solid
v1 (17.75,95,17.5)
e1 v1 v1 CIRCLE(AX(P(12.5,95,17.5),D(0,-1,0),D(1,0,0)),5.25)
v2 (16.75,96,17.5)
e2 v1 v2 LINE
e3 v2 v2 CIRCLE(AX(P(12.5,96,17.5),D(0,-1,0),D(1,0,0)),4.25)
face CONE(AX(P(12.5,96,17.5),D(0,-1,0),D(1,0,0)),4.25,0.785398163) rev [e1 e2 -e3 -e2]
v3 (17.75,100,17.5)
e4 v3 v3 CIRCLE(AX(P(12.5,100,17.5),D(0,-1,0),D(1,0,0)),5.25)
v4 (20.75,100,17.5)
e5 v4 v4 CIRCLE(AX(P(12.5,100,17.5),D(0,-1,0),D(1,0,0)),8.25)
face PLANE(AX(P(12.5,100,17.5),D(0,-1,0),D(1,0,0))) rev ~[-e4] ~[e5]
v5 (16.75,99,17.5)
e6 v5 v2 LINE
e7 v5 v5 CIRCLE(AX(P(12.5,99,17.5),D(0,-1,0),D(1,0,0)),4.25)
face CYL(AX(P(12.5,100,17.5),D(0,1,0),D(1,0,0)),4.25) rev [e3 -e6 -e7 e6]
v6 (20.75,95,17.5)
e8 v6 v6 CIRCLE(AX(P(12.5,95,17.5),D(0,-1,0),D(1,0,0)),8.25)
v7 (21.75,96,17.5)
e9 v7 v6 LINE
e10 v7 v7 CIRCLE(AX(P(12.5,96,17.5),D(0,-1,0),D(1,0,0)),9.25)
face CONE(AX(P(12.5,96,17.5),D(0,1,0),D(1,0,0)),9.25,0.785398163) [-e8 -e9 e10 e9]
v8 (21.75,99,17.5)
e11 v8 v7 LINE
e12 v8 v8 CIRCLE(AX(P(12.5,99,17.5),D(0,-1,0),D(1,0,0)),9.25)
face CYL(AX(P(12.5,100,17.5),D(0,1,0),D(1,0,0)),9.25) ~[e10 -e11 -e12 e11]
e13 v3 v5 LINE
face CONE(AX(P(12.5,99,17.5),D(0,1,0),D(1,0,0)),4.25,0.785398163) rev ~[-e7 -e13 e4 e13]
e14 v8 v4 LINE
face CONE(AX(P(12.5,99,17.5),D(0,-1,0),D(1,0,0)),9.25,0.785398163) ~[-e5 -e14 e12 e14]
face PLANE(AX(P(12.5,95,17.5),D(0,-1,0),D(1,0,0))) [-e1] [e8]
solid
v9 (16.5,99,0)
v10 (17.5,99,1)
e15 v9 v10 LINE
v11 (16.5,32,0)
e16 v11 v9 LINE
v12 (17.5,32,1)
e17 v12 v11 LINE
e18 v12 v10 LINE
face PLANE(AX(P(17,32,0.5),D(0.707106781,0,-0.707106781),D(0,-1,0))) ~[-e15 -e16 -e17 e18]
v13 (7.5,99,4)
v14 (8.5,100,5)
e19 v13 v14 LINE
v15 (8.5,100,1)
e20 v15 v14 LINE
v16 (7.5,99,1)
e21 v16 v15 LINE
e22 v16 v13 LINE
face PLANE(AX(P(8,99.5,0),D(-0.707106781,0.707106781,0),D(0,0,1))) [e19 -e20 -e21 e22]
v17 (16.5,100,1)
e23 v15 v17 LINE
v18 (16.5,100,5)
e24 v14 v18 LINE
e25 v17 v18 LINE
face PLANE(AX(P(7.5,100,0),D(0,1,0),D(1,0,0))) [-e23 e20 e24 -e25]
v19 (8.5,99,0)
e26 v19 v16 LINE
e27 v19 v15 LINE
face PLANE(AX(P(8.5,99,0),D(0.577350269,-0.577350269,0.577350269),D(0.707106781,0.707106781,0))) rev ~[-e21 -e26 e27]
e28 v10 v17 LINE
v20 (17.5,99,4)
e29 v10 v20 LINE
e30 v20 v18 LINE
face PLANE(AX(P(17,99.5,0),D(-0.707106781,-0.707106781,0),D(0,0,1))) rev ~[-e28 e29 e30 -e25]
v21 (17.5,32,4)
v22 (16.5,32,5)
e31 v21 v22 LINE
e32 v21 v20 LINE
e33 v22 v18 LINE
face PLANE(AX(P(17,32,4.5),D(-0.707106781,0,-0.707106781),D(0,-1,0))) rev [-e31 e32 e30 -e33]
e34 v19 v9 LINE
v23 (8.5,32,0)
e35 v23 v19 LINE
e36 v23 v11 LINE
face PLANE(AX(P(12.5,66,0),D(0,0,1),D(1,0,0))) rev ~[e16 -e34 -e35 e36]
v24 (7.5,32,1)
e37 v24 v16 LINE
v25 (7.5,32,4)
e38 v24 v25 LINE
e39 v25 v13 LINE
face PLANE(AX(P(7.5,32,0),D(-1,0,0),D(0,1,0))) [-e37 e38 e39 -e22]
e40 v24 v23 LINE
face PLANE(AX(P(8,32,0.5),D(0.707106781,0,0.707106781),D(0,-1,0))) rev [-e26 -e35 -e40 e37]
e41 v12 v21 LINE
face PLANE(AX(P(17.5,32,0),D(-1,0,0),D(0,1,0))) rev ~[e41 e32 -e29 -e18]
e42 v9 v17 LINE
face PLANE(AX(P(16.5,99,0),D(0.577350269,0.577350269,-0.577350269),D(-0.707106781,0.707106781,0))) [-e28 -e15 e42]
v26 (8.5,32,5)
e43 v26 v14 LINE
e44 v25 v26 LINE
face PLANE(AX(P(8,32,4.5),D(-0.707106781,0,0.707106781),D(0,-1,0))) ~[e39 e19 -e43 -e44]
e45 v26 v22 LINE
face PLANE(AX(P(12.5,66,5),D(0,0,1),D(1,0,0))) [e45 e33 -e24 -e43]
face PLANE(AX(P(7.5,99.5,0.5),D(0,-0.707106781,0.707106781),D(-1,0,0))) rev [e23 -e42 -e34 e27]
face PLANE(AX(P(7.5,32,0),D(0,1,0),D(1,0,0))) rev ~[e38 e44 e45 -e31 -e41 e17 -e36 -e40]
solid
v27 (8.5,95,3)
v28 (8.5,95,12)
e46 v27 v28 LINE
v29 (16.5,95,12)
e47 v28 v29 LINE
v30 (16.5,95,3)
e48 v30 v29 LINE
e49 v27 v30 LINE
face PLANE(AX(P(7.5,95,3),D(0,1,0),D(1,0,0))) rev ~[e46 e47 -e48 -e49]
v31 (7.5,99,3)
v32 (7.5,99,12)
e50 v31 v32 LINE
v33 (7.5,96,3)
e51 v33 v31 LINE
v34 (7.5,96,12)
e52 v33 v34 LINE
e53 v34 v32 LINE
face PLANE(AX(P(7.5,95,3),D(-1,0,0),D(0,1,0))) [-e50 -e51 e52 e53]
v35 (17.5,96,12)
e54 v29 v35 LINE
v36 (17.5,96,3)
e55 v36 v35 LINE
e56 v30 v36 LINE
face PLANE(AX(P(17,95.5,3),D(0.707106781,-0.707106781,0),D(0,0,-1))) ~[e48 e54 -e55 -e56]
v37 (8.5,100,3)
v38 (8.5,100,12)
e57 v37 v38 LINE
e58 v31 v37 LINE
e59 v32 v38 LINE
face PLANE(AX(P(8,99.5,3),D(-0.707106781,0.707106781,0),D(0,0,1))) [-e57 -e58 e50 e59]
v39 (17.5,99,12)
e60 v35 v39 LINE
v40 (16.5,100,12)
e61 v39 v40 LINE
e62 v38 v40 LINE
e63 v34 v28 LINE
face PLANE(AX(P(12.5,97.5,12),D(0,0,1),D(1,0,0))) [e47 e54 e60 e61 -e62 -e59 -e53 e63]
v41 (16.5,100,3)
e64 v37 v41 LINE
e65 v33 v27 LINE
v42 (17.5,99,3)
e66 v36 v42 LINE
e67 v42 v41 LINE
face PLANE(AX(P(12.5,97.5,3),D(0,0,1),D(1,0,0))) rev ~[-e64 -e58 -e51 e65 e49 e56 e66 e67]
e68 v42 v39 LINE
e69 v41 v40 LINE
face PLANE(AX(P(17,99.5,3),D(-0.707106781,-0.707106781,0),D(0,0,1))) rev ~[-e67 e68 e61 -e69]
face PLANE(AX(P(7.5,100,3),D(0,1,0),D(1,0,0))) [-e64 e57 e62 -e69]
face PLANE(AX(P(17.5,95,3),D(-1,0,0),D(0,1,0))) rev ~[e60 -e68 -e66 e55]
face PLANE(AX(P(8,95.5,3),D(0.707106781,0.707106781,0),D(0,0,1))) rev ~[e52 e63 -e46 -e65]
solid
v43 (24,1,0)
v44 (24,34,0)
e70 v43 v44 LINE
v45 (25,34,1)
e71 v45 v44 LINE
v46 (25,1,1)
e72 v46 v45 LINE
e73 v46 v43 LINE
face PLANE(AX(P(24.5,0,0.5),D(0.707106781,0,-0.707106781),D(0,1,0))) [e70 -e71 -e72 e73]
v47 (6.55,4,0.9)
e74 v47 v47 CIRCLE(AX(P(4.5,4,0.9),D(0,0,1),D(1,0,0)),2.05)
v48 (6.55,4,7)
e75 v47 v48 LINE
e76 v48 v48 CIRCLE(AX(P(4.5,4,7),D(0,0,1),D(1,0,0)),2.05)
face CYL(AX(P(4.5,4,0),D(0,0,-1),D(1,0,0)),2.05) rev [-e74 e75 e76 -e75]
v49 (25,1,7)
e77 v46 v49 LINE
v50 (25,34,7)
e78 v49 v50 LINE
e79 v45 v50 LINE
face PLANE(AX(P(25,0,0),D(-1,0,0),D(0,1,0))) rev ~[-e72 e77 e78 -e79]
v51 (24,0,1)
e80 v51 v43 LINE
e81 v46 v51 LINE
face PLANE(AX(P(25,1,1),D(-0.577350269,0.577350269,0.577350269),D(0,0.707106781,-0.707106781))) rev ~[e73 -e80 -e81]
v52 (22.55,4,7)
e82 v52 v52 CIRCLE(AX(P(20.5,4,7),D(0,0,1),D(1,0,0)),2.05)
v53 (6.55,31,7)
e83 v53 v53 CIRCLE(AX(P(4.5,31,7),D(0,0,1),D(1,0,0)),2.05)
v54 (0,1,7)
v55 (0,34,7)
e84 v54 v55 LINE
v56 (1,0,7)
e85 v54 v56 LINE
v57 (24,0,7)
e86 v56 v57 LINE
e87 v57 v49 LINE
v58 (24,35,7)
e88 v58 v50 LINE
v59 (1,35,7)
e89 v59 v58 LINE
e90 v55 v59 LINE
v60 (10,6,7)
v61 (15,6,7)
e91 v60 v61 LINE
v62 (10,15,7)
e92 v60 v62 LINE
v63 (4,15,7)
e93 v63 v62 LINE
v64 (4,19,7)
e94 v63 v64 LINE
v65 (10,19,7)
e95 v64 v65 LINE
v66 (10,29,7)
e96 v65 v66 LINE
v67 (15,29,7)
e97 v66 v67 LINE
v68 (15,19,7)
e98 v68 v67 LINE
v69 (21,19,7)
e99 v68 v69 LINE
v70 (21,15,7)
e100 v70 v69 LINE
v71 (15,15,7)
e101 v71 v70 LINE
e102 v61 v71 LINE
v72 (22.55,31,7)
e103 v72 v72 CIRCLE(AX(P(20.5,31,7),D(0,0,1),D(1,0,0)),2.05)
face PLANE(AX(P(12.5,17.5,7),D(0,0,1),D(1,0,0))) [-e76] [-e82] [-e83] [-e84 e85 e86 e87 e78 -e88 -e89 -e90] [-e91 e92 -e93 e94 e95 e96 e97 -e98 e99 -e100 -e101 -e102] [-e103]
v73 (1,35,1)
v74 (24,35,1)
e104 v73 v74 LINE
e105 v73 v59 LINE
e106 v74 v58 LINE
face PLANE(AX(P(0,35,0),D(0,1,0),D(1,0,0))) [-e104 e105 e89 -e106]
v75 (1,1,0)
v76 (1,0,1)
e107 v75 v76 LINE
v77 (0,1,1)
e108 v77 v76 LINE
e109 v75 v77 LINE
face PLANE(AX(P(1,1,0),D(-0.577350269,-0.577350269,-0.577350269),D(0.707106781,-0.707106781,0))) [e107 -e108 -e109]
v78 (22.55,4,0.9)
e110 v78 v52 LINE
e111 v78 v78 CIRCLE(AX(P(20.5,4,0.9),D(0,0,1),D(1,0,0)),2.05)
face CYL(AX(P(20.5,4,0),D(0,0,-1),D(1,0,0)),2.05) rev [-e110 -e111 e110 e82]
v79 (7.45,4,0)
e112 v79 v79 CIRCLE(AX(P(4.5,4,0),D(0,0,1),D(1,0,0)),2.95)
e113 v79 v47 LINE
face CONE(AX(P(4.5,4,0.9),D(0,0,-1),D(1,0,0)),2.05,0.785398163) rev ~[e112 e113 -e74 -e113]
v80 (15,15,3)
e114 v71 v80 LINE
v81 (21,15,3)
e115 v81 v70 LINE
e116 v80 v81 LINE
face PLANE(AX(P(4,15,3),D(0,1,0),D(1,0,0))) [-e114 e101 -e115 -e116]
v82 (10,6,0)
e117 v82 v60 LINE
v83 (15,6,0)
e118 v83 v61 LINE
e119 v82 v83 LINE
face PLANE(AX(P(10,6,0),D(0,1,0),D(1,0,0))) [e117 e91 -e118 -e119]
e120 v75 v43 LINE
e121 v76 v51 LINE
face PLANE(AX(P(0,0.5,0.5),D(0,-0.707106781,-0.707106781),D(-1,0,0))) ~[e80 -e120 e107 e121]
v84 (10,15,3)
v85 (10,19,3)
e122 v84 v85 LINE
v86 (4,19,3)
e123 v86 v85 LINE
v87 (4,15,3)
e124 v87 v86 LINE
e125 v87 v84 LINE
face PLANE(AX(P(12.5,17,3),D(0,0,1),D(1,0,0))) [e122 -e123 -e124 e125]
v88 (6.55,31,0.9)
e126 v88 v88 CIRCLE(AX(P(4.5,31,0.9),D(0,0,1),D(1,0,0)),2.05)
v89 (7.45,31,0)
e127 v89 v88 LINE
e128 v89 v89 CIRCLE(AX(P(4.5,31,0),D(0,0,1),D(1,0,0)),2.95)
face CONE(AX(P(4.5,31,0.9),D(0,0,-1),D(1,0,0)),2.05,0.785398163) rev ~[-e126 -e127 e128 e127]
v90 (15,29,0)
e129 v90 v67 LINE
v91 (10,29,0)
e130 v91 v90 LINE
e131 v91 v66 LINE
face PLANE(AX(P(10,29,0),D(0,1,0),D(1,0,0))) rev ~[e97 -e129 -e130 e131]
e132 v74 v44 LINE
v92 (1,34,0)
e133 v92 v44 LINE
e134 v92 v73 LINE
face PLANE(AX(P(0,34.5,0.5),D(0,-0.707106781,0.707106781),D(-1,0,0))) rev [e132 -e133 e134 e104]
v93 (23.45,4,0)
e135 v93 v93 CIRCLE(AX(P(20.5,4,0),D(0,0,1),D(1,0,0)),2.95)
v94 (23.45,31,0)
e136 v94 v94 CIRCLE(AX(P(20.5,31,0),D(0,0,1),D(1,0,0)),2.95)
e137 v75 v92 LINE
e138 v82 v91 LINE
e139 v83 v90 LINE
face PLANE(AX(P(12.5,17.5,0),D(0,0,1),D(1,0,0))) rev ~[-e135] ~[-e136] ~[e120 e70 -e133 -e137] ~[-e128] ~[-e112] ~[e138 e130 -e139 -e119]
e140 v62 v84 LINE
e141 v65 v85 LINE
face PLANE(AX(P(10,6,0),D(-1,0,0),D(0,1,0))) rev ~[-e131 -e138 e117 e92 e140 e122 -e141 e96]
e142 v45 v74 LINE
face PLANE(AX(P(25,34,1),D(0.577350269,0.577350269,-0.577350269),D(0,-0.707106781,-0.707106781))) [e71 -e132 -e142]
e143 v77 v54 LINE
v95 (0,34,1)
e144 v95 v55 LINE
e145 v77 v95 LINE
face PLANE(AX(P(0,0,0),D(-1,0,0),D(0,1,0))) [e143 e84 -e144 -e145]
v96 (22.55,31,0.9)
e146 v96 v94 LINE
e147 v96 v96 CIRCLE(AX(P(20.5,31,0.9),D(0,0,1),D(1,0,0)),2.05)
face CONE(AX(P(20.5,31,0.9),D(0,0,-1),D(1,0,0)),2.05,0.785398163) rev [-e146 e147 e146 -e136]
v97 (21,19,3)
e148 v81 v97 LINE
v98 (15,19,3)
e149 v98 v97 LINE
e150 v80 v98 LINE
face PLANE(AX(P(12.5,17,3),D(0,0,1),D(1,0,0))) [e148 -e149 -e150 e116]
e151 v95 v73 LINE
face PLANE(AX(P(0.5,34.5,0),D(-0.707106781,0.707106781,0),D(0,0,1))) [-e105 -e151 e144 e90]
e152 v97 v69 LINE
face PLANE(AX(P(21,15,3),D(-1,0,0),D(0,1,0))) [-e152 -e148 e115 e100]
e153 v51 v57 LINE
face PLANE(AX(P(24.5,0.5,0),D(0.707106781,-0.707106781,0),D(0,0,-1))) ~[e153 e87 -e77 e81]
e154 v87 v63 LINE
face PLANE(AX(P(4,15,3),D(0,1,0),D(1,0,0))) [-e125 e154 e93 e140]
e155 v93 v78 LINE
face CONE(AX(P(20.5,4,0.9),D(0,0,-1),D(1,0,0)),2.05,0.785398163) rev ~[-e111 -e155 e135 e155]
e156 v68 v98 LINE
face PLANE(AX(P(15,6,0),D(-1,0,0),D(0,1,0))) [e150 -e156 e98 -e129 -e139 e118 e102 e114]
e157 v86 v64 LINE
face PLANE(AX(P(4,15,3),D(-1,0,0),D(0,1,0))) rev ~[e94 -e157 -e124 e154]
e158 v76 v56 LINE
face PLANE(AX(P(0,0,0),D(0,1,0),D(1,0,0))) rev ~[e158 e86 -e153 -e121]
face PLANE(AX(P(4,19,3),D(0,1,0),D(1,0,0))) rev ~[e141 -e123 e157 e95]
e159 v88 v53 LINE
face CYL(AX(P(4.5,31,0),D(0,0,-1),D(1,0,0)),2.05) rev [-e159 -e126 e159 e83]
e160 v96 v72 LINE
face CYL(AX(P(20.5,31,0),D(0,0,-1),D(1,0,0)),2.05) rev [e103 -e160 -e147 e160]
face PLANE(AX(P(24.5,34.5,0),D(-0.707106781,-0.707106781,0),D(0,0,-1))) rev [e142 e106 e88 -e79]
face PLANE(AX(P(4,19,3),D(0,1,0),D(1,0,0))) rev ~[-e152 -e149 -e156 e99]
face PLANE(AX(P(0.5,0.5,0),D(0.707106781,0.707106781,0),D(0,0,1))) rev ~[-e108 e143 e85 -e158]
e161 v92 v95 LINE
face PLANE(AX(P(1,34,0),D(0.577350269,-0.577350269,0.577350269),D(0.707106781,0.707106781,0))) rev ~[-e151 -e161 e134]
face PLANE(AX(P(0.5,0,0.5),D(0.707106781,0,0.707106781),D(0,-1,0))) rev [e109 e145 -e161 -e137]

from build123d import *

# Parameters (mm, degrees)
CYLINDER004_R          = 4.25
CYLINDER004_DEPTH      = 5
CYLINDER004_ROLL_ANGLE = 90
CYLINDER005_R          = 9.25
CYLINDER005_DEPTH      = 5
CYLINDER005_ROLL_ANGLE = 90
CHAMFER_SIZE           = 1
BOX003_W               = 10
BOX003_H               = 5
BOX003_DEPTH           = 9
CHAMFER001_SIZE        = 1
BOX001_W               = 10
BOX001_H               = 68
BOX001_DEPTH           = 5
CHAMFER002_SIZE        = 1
BOX004_W               = 17
BOX004_H               = 4
BOX004_DEPTH           = 4
CYLINDER003_R          = 2.05
CYLINDER003_DEPTH      = 7
CYLINDER002_R          = 2.05
CYLINDER002_DEPTH      = 7
CYLINDER001_R          = 2.05
CYLINDER001_DEPTH      = 7
CYLINDER_R             = 2.05
CYLINDER_DEPTH         = 7
BOX002_W               = 5
BOX002_H               = 23
BOX002_DEPTH           = 7
BOX_W                  = 25
BOX_H                  = 35
BOX_DEPTH              = 7
CHAMFER003_SIZE        = 1
CHAMFER004_SIZE        = 0.9
CHAMFER005_SIZE        = 0.9


with BuildPart() as cylinder:
    # Cylinder004 → Cylinder004 (new body)
    with BuildSketch(Plane.XY):
        Circle(CYLINDER004_R)
    extrude(amount=CYLINDER004_DEPTH)


with BuildPart() as cylinder_1:
    # Cylinder004 roll: moved
    add(cylinder.part.rotate(Axis((0, 0, 0), (1, 0, 0)), CYLINDER004_ROLL_ANGLE))


with BuildPart() as cylinder_2:
    # Cylinder004 placement: moved
    add(cylinder_1.part.moved(Location((12.5, 100, 17.5))))


with BuildPart() as chamfer_body:
    # Cylinder005 → Cylinder005 (new body)
    with BuildSketch(Plane.XY):
        Circle(CYLINDER005_R)
    extrude(amount=CYLINDER005_DEPTH)


with BuildPart() as chamfer_body_1:
    # Cylinder005 roll: moved
    add(chamfer_body.part.rotate(Axis((0, 0, 0), (1, 0, 0)), CYLINDER005_ROLL_ANGLE))


with BuildPart() as chamfer_body_2:
    # Cylinder005 placement: moved
    add(chamfer_body_1.part.moved(Location((12.5, 100, 17.5))))

    # Cut005: cut Cylinder
    add(cylinder_2.part, mode=Mode.SUBTRACT)

    # Chamfer
    chamfer_edges = [chamfer_body_2.edges().sort_by_distance(p)[0] for p in [
        (3.25, 95, 17.5),
        (3.25, 100, 17.5),
        (8.25, 95, 17.5),
        (8.25, 100, 17.5),
    ]]
    chamfer(chamfer_edges, length=CHAMFER_SIZE)


with BuildPart() as chamfer001:
    # Box003 → Box003 (new body)
    with BuildSketch(Plane(origin=(7.5, 95, 3), x_dir=(1, 0, 0), z_dir=(0, 0, 1))):
        with Locations((5, 2.5)):
            Rectangle(BOX003_W, BOX003_H)
    extrude(amount=BOX003_DEPTH)

    # Chamfer001
    chamfer001_edges = [chamfer001.edges().sort_by_distance(p)[0] for p in [
        (7.5, 95, 7.5),
        (7.5, 100, 7.5),
        (17.5, 95, 7.5),
        (17.5, 100, 7.5),
    ]]
    chamfer(chamfer001_edges, length=CHAMFER001_SIZE)


with BuildPart() as chamfer002:
    # Box001 → Box001 (new body)
    with BuildSketch(Plane(origin=(7.5, 32, 0), x_dir=(1, 0, 0), z_dir=(0, 0, 1))):
        with Locations((5, 34)):
            Rectangle(BOX001_W, BOX001_H)
    extrude(amount=BOX001_DEPTH)

    # Chamfer002
    chamfer002_edges = [chamfer002.edges().sort_by_distance(p)[0] for p in [
        (7.5, 66, 5),
        (7.5, 100, 2.5),
        (7.5, 66, 0),
        (17.5, 66, 5),
        (17.5, 100, 2.5),
        (17.5, 66, 0),
        (12.5, 100, 0),
    ]]
    chamfer(chamfer002_edges, length=CHAMFER002_SIZE)


with BuildPart() as cube004:
    # Box004 → Box004 (new body)
    with BuildSketch(Plane(origin=(4, 15, 3), x_dir=(1, 0, 0), z_dir=(0, 0, 1))):
        with Locations((8.5, 2)):
            Rectangle(BOX004_W, BOX004_H)
    extrude(amount=BOX004_DEPTH)


with BuildPart() as cylinder003:
    # Cylinder003 → Cylinder003 (new body)
    with BuildSketch(Plane(origin=(20.5, 4, 0), x_dir=(1, 0, 0), z_dir=(0, 0, 1))):
        Circle(CYLINDER003_R)
    extrude(amount=CYLINDER003_DEPTH)


with BuildPart() as cylinder002:
    # Cylinder002 → Cylinder002 (new body)
    with BuildSketch(Plane(origin=(20.5, 31, 0), x_dir=(1, 0, 0), z_dir=(0, 0, 1))):
        Circle(CYLINDER002_R)
    extrude(amount=CYLINDER002_DEPTH)


with BuildPart() as cylinder001:
    # Cylinder001 → Cylinder001 (new body)
    with BuildSketch(Plane(origin=(4.5, 31, 0), x_dir=(1, 0, 0), z_dir=(0, 0, 1))):
        Circle(CYLINDER001_R)
    extrude(amount=CYLINDER001_DEPTH)


with BuildPart() as cylinder000:
    # Cylinder → Cylinder (new body)
    with BuildSketch(Plane(origin=(4.5, 4, 0), x_dir=(1, 0, 0), z_dir=(0, 0, 1))):
        Circle(CYLINDER_R)
    extrude(amount=CYLINDER_DEPTH)


with BuildPart() as cube002:
    # Box002 → Box002 (new body)
    with BuildSketch(Plane(origin=(10, 6, 0), x_dir=(1, 0, 0), z_dir=(0, 0, 1))):
        with Locations((2.5, 11.5)):
            Rectangle(BOX002_W, BOX002_H)
    extrude(amount=BOX002_DEPTH)


with BuildPart() as chamfer005:
    # Box → Box (new body)
    with BuildSketch(Plane.XY):
        with Locations((12.5, 17.5)):
            Rectangle(BOX_W, BOX_H)
    extrude(amount=BOX_DEPTH)

    # Cut: cut Cube002
    add(cube002.part, mode=Mode.SUBTRACT)

    # Cut001: cut Cylinder000
    add(cylinder000.part, mode=Mode.SUBTRACT)

    # Cut002: cut Cylinder001
    add(cylinder001.part, mode=Mode.SUBTRACT)

    # Cut003: cut Cylinder002
    add(cylinder002.part, mode=Mode.SUBTRACT)

    # Cut004: cut Cylinder003
    add(cylinder003.part, mode=Mode.SUBTRACT)

    # Chamfer003
    chamfer003_edges = [chamfer005.edges().sort_by_distance(p)[0] for p in [
        (0, 0, 3.5),
        (0, 35, 3.5),
        (0, 17.5, 0),
        (12.5, 0, 0),
        (25, 0, 3.5),
        (12.5, 35, 0),
        (25, 35, 3.5),
        (25, 17.5, 0),
    ]]
    chamfer(chamfer003_edges, length=CHAMFER003_SIZE)

    # Cut006: cut Cube004
    add(cube004.part, mode=Mode.SUBTRACT)

    # Chamfer004
    chamfer004_edges = [chamfer005.edges().sort_by_distance(p)[0] for p in [
        (18.45, 31, 0),
    ]]
    chamfer(chamfer004_edges, length=CHAMFER004_SIZE)

    # Chamfer005
    chamfer005_edges = [chamfer005.edges().sort_by_distance(p)[0] for p in [
        (2.45, 4, 0),
        (2.45, 31, 0),
        (18.45, 4, 0),
    ]]
    chamfer(chamfer005_edges, length=CHAMFER005_SIZE)


solid = Compound([chamfer_body_2.part, chamfer001.part, chamfer002.part, chamfer005.part])
